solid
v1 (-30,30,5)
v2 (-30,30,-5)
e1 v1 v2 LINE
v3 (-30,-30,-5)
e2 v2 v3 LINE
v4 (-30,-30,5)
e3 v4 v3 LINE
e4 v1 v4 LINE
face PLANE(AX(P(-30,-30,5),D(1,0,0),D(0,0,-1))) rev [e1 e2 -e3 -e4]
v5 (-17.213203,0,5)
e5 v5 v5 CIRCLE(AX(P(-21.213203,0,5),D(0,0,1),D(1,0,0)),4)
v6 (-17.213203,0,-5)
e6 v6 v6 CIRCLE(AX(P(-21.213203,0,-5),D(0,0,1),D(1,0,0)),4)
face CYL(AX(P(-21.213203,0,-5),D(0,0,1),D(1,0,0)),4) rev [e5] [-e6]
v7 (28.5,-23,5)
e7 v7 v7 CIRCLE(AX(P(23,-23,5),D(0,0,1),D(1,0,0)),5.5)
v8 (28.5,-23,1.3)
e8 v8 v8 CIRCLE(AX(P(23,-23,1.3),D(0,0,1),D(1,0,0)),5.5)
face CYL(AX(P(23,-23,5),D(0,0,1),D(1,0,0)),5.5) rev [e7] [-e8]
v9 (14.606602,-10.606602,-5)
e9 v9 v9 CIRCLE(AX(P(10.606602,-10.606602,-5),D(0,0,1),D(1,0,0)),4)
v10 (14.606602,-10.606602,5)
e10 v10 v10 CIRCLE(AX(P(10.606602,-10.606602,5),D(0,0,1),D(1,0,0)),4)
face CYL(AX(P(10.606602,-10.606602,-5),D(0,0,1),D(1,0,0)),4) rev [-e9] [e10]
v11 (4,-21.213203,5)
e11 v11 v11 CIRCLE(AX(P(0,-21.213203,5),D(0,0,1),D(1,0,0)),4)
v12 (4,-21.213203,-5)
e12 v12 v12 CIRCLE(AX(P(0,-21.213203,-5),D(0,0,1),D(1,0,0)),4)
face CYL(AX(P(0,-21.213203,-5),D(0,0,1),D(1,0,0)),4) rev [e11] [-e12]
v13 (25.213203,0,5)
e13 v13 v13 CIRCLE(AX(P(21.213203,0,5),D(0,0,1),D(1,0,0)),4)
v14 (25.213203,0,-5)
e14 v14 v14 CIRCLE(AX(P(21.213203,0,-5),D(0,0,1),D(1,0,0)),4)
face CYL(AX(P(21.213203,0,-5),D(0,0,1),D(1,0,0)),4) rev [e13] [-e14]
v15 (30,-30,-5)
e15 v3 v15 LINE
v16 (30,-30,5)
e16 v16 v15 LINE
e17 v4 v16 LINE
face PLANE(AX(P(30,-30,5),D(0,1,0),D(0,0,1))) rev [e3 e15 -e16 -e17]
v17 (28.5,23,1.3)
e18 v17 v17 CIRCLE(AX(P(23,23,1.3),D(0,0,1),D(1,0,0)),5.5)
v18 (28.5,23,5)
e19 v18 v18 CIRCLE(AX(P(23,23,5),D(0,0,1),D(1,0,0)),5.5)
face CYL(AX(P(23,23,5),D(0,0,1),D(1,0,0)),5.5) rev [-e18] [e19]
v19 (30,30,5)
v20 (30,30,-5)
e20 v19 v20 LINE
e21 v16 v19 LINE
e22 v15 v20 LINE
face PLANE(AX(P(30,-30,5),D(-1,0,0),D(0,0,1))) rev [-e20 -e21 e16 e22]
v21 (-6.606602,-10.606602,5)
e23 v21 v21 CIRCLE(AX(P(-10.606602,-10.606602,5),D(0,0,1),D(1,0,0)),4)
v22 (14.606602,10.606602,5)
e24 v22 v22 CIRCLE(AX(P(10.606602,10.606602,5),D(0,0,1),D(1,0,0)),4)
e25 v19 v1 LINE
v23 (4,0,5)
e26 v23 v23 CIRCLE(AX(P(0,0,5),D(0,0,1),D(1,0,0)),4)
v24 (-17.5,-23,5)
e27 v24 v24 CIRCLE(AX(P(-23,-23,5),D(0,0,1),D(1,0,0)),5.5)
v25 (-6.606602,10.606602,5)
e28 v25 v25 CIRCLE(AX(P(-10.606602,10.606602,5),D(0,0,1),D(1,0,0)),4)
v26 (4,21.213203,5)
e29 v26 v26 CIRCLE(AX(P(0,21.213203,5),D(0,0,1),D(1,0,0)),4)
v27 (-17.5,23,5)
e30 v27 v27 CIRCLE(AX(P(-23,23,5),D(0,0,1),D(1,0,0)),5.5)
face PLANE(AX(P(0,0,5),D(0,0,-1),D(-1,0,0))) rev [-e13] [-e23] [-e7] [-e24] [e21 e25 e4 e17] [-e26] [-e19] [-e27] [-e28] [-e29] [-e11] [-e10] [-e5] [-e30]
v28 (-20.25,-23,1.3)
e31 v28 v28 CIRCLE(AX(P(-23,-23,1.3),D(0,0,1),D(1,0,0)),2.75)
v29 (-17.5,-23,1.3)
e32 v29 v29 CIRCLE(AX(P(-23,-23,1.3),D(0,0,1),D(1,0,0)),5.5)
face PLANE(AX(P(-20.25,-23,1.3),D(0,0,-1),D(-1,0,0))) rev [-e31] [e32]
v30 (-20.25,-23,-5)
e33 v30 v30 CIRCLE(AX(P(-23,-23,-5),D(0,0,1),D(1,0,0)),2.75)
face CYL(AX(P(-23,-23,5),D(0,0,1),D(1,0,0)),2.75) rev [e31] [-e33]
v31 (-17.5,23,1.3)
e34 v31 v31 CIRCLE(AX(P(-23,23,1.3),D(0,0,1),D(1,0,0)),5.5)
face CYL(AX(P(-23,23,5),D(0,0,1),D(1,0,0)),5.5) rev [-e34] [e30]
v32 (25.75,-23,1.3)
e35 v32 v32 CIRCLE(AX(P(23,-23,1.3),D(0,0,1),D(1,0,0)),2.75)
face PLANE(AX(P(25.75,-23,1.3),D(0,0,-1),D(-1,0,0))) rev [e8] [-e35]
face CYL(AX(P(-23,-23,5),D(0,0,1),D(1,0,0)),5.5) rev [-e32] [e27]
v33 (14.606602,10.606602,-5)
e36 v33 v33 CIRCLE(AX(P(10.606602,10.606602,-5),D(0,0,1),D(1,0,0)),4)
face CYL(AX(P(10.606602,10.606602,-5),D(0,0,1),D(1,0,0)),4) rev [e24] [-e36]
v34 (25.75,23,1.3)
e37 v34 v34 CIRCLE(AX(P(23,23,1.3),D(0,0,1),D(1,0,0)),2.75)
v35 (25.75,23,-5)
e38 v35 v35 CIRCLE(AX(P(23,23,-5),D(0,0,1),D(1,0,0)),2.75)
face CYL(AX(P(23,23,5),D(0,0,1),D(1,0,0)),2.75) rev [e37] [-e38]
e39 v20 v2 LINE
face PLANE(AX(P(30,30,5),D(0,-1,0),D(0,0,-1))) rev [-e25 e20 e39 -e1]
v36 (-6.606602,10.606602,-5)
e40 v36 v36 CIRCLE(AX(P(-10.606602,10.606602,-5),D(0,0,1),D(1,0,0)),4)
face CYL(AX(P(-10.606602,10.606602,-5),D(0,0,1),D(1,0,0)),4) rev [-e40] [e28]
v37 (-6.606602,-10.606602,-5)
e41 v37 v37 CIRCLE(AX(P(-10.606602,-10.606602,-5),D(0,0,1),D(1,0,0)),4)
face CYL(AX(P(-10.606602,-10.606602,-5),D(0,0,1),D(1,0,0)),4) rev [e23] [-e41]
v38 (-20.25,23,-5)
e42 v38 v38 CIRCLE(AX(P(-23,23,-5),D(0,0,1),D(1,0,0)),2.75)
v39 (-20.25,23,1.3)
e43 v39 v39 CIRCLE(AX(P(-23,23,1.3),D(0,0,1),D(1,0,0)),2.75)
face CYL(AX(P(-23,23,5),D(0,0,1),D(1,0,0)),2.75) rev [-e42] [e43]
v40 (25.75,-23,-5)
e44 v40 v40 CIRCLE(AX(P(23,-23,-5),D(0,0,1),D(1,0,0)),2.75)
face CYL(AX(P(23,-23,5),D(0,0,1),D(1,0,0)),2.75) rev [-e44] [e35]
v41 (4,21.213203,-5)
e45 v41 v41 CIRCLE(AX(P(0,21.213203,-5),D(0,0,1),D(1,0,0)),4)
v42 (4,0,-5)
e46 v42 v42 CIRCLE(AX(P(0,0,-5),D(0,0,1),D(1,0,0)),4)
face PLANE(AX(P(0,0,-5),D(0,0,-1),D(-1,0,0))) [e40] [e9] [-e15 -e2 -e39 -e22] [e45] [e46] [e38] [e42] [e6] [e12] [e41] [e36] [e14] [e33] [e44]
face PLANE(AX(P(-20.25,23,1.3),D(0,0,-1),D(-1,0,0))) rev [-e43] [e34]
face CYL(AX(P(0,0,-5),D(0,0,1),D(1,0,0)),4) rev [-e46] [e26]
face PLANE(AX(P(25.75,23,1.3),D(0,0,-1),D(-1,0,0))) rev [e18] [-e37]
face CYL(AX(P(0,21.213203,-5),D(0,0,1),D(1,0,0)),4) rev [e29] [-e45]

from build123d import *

# Parameters (mm, degrees)
SKETCH1_W                                = 60
SKETCH1_H                                = 60
BOSS_EXTRUDE1_DEPTH                      = 5
SKETCH2_R                                = 4
CUT_EXTRUDE1_DEPTH                       = 44.588989435
LPATTERN1_COUNT                          = 3
LPATTERN1_PITCH                          = 15
LPATTERN1_COUNT_DIR2                     = 3
LPATTERN1_PITCH_DIR2                     = 15
CBORE_FOR_M5_PAN_HEAD_SCREW1_D           = 5.5
CBORE_FOR_M5_PAN_HEAD_SCREW1_CBORE_D     = 11
CBORE_FOR_M5_PAN_HEAD_SCREW1_CBORE_DEPTH = 3.7


with BuildPart() as part:
    # Sketch1 → Boss-Extrude1 (new, symmetric)
    with BuildSketch(Plane(origin=(0, 0, 0), x_dir=(0, 1, 0), z_dir=(0, 0, 1))):
        Rectangle(SKETCH1_W, SKETCH1_H)
    extrude(amount=BOSS_EXTRUDE1_DEPTH, both=True)

    # Sketch2 → Cut-Extrude1 (cut, through all)
    with BuildSketch(Plane.XY.offset(5)):
        with Locations((0, -21.213203436)):
            Circle(SKETCH2_R)
    cut_extrude1 = extrude(amount=-CUT_EXTRUDE1_DEPTH, mode=Mode.SUBTRACT)

    # LPattern1: Cut-Extrude1 3 × 3
    with Locations(*[Vector(0.7071067811865476, 0.7071067811865476, 0) * (i * LPATTERN1_PITCH) + Vector(-0.7071067811865476, 0.7071067811865476, 0) * (j * LPATTERN1_PITCH_DIR2) for i in range(LPATTERN1_COUNT) for j in range(LPATTERN1_COUNT_DIR2) if (i, j) != (0, 0)]):
        add(cut_extrude1, mode=Mode.SUBTRACT)

    # CBORE for M5 Pan Head Screw1 (through all)
    with Locations(Plane(origin=(-23, 23, 5), x_dir=(1, 0, 0), z_dir=(0, 0, 1))):
        with Locations((0, 0), (46, 0), (46, -46), (0, -46)):
            CounterBoreHole(CBORE_FOR_M5_PAN_HEAD_SCREW1_D / 2, CBORE_FOR_M5_PAN_HEAD_SCREW1_CBORE_D / 2, CBORE_FOR_M5_PAN_HEAD_SCREW1_CBORE_DEPTH)


solid = part.part
